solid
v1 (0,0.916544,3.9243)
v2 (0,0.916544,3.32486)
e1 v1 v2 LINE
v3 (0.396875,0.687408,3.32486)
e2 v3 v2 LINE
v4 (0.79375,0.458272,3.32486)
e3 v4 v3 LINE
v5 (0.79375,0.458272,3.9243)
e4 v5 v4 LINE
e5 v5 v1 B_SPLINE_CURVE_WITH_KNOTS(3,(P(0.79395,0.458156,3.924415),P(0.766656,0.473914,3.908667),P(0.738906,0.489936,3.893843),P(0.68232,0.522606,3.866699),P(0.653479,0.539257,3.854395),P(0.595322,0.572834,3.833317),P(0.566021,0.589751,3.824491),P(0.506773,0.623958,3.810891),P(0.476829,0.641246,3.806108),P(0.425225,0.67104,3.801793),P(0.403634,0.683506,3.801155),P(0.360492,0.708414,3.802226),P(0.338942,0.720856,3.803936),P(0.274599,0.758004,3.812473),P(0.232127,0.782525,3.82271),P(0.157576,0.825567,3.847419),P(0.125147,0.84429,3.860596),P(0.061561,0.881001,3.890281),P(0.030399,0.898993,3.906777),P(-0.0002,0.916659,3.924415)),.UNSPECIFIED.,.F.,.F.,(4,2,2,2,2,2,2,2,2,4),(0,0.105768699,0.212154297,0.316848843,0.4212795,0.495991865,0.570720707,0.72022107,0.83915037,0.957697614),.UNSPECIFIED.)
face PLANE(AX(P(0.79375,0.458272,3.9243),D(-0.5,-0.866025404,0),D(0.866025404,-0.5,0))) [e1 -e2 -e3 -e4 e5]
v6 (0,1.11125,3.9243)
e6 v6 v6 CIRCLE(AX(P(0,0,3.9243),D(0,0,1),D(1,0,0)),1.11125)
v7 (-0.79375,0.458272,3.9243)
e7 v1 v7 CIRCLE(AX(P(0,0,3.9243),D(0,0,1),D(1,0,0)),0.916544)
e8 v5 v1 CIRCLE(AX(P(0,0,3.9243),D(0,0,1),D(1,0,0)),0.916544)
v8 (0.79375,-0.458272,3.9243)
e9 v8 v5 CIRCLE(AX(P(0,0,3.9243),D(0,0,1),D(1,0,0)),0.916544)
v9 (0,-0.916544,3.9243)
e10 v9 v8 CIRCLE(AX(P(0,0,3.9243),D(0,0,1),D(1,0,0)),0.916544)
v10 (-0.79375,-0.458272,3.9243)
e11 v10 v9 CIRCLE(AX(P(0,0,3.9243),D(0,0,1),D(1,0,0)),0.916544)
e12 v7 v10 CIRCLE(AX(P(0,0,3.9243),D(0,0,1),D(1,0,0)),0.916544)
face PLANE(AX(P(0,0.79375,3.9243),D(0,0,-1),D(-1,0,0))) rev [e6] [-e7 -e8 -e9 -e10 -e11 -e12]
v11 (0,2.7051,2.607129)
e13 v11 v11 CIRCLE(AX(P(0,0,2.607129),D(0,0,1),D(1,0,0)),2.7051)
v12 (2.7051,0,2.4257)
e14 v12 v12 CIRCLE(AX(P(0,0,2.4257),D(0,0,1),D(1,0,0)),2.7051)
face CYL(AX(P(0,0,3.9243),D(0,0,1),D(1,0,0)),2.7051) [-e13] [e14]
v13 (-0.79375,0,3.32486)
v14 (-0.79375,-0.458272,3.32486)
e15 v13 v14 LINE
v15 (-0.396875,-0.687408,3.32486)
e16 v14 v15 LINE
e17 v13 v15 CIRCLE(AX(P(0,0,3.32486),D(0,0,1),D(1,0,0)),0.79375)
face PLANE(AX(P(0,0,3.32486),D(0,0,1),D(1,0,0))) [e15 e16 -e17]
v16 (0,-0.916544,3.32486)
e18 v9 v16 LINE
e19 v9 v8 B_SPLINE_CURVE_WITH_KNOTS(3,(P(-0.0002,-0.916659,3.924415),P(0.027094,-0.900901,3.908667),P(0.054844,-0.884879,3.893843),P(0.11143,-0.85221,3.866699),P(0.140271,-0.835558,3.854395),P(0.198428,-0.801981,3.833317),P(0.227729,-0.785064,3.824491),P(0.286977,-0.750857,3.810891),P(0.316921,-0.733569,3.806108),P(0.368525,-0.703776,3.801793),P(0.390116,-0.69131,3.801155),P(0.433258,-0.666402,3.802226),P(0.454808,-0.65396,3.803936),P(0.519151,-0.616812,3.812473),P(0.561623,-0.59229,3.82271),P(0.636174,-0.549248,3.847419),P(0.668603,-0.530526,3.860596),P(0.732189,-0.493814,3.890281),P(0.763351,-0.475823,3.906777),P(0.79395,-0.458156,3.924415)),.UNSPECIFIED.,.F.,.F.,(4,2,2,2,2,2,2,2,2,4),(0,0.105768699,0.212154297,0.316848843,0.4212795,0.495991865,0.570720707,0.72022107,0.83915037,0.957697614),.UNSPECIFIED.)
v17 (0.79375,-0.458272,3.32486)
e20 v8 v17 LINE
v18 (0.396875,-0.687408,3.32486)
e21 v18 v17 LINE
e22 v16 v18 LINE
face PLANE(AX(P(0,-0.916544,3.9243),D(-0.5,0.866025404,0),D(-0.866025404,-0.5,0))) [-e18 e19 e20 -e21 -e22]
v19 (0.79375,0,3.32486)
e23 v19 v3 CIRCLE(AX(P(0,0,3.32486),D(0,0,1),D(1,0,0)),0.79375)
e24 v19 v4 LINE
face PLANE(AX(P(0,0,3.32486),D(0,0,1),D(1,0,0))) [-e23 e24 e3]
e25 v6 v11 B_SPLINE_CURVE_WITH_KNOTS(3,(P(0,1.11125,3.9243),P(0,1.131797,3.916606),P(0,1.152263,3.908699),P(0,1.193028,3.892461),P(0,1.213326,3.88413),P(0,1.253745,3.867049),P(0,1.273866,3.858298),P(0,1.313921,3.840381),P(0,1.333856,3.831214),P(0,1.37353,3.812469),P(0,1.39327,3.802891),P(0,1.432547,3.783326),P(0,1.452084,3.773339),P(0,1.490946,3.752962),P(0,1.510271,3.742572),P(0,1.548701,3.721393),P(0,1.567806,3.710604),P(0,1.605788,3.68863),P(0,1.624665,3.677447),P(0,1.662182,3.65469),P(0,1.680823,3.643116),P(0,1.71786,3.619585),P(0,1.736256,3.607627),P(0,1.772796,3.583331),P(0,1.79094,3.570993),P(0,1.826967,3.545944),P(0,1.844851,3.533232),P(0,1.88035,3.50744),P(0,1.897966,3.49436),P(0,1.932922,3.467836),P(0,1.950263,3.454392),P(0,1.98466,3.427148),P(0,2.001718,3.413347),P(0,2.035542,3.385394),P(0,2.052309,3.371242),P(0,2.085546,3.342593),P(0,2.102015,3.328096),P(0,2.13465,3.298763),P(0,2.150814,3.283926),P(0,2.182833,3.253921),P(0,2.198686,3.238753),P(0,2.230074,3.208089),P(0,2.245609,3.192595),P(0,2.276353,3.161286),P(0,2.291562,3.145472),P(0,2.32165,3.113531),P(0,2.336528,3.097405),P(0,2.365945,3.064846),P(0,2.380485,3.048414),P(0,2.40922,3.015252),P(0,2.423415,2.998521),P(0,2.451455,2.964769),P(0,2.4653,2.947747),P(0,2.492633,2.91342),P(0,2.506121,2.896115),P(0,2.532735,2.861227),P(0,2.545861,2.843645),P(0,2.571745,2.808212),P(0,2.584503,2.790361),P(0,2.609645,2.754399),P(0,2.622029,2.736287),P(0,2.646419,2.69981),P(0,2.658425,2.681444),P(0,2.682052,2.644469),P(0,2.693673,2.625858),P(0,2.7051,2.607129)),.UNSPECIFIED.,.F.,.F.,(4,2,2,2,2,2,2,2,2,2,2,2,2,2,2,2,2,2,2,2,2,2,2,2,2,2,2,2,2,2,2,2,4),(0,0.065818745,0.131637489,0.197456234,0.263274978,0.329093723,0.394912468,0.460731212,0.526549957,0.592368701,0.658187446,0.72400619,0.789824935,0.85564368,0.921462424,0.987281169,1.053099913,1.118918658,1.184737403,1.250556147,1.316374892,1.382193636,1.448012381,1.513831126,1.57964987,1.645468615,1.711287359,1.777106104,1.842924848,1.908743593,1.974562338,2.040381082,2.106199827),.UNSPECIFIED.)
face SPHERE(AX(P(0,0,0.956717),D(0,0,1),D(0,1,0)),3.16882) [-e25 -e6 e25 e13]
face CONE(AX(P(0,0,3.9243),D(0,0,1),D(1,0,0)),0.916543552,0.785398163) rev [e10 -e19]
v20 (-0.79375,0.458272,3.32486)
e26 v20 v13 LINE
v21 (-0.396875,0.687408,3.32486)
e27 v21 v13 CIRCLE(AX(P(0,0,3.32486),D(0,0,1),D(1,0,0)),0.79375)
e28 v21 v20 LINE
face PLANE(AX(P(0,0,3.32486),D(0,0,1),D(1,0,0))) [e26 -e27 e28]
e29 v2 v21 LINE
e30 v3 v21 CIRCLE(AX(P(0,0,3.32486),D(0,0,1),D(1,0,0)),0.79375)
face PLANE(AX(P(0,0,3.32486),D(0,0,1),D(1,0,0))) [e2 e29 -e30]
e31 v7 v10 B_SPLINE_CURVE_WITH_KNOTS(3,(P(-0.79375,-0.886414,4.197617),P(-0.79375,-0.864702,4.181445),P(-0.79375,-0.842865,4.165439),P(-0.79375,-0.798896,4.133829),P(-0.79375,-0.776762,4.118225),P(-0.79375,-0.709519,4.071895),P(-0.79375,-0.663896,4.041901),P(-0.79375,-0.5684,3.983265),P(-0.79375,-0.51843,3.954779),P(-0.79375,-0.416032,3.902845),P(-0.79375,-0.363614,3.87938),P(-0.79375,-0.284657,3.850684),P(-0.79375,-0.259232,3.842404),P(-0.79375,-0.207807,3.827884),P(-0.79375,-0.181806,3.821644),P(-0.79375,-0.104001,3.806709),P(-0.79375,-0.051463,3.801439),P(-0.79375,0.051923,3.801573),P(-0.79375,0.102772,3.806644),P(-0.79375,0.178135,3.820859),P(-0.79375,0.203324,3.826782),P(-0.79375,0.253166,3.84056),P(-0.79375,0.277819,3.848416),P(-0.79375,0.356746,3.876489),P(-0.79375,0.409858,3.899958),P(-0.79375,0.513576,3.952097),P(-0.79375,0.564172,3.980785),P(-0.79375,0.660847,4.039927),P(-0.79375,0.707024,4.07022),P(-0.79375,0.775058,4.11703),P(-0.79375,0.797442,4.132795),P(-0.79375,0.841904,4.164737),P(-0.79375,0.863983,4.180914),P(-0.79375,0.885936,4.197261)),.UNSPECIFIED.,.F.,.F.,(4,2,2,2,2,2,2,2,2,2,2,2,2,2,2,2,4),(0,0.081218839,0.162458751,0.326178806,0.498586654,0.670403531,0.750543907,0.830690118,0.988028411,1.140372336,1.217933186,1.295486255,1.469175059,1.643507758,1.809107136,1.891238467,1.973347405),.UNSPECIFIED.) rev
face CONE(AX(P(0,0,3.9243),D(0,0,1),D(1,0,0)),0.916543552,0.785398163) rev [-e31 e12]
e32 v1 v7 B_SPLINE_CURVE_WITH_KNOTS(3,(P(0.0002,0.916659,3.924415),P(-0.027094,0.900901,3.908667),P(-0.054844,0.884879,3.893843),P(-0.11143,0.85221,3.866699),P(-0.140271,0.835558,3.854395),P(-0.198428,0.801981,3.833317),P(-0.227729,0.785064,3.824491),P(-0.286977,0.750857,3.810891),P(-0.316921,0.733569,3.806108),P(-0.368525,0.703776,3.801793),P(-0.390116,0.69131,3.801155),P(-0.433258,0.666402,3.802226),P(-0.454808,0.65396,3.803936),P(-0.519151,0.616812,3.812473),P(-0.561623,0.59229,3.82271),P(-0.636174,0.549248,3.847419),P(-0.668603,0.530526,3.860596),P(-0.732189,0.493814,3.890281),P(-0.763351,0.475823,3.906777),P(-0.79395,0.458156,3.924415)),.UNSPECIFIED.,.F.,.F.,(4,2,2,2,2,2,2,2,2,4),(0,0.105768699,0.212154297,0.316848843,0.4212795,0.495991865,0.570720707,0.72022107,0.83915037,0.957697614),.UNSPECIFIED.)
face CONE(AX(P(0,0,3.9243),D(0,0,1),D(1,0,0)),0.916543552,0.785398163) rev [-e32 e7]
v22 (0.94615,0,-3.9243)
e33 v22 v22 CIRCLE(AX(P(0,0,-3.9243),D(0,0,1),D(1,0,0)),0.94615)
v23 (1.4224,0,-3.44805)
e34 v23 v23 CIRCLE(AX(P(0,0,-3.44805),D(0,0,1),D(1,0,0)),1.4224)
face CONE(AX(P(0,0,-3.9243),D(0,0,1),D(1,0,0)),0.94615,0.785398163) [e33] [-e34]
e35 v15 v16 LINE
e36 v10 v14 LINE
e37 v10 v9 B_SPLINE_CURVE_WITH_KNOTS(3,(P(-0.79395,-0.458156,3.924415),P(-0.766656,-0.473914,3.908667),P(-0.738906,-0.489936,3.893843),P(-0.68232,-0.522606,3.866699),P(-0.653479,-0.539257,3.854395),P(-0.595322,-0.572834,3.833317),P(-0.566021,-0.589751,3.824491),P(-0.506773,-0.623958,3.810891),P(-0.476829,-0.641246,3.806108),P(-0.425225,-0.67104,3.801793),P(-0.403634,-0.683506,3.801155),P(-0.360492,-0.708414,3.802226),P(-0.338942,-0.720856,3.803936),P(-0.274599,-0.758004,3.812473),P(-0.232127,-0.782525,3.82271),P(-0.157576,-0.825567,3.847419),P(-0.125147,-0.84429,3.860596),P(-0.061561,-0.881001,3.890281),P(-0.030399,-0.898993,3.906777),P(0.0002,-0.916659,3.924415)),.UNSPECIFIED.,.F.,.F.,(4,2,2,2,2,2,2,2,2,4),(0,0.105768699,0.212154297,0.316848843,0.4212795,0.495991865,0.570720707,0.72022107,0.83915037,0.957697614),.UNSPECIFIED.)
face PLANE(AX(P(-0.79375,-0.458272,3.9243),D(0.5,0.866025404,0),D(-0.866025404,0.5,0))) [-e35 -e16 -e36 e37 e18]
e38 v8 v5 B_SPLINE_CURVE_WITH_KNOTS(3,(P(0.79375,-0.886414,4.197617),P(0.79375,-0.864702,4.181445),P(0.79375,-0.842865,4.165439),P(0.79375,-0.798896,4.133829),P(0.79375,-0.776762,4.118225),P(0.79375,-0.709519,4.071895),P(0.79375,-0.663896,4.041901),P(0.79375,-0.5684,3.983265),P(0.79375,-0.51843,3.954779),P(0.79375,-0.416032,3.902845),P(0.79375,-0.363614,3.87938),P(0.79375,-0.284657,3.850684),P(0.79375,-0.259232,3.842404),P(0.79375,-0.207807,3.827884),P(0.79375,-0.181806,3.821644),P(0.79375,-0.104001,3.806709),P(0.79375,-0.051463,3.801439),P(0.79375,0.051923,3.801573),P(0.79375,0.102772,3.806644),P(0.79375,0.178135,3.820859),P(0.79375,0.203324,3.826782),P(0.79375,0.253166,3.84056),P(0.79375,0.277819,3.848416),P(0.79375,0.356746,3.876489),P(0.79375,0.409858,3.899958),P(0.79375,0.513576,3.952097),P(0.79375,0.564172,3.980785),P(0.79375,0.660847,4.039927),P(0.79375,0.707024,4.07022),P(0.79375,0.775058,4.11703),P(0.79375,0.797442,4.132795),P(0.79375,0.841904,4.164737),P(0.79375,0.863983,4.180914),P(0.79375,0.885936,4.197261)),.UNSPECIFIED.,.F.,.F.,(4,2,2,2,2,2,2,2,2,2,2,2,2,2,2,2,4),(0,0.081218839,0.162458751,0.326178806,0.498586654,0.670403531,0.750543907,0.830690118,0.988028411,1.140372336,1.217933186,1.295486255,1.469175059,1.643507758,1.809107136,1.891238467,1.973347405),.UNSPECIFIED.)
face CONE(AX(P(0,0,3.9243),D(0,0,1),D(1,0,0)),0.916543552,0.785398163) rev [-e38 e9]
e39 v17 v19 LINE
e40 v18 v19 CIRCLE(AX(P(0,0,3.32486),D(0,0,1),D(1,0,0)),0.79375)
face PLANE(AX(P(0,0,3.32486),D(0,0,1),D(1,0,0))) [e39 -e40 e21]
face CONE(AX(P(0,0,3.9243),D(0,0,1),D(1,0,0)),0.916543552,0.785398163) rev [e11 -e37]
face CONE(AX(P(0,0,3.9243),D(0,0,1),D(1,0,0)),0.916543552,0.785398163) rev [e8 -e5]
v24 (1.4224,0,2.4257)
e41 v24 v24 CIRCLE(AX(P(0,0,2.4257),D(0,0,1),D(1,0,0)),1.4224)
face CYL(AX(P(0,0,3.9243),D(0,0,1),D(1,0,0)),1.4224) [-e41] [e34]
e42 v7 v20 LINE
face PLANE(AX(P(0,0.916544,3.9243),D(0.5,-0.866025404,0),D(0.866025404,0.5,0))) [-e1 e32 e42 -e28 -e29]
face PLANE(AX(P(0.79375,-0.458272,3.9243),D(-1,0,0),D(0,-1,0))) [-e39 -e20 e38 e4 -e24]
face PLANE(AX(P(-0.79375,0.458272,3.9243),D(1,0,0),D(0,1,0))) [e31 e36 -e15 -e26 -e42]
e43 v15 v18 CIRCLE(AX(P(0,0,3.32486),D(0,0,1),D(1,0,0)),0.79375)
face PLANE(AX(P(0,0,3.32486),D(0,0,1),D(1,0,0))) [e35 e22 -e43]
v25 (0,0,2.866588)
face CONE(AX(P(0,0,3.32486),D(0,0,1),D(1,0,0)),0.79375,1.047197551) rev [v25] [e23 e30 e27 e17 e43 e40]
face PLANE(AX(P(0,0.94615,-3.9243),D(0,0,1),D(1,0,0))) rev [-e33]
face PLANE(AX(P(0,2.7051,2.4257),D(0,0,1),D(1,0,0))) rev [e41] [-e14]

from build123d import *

# Parameters (mm, degrees)
CUT_EXTRUDE1_START = 3.32486
CUT_EXTRUDE1_DEPTH = 3.155583642


with BuildPart() as part:
    # Sketch2 → Revolve1 (revolve)
    with BuildSketch(Plane(origin=(0, 0, 0), x_dir=(0, 0, -1), z_dir=(1, 0, 0)), mode=Mode.PRIVATE) as revolve1_sk:
        with BuildLine():
            Line((-3.9243, 0.79375), (-3.9243, 1.11125))
            ThreePointArc((-3.9243, 1.11125), (-3.39937089, 2.018629974), (-2.607128571, 2.7051))
            Line((-2.607128571, 2.7051), (-2.4257, 2.7051))
            Line((-2.4257, 2.7051), (-2.4257, 1.4224))
            Line((-2.4257, 1.4224), (3.44805, 1.4224))
            Line((3.44805, 1.4224), (3.9243, 0.94615))
            Line((3.9243, 0.94615), (3.9243, 0))
            Line((3.9243, 0), (-2.866588224, 0))
            Line((-2.866588224, 0), (-3.32486, 0.79375))
            Line((-3.32486, 0.79375), (-3.9243, 0.79375))
        make_face()
    revolve(revolve1_sk.sketch.rotate(Axis((0, 0, 3.9243), (0, 0, -1)), 90), axis=Axis((0, 0, 3.9243), (0, 0, -1)))

    # Sketch3 → Cut-Extrude1 (cut, through all)
    with BuildSketch(Plane.XY.offset(CUT_EXTRUDE1_START)):
        Polygon((0, 0.916543552), (-0.79375, 0.458271776), (-0.79375, -0.458271776), (0, -0.916543552), (0.79375, -0.458271776), (0.79375, 0.458271776), align=None)
    extrude(amount=CUT_EXTRUDE1_DEPTH, mode=Mode.SUBTRACT)

    # Cut-Extrude2 cone 1 section (through the dimple's axis) → Cut-Extrude2 (revolve, cut)
    with BuildSketch(Plane(origin=(0, 0, 3.9243), x_dir=(0, -1, 0), z_dir=(1, 0, 0))):
        Polygon((0, 0), (0.916543552, 0), (0, 0.916543552), align=None)
    revolve(axis=Axis((0, 0, 3.9243), (0, 0, -1)), mode=Mode.SUBTRACT)


solid = part.part
